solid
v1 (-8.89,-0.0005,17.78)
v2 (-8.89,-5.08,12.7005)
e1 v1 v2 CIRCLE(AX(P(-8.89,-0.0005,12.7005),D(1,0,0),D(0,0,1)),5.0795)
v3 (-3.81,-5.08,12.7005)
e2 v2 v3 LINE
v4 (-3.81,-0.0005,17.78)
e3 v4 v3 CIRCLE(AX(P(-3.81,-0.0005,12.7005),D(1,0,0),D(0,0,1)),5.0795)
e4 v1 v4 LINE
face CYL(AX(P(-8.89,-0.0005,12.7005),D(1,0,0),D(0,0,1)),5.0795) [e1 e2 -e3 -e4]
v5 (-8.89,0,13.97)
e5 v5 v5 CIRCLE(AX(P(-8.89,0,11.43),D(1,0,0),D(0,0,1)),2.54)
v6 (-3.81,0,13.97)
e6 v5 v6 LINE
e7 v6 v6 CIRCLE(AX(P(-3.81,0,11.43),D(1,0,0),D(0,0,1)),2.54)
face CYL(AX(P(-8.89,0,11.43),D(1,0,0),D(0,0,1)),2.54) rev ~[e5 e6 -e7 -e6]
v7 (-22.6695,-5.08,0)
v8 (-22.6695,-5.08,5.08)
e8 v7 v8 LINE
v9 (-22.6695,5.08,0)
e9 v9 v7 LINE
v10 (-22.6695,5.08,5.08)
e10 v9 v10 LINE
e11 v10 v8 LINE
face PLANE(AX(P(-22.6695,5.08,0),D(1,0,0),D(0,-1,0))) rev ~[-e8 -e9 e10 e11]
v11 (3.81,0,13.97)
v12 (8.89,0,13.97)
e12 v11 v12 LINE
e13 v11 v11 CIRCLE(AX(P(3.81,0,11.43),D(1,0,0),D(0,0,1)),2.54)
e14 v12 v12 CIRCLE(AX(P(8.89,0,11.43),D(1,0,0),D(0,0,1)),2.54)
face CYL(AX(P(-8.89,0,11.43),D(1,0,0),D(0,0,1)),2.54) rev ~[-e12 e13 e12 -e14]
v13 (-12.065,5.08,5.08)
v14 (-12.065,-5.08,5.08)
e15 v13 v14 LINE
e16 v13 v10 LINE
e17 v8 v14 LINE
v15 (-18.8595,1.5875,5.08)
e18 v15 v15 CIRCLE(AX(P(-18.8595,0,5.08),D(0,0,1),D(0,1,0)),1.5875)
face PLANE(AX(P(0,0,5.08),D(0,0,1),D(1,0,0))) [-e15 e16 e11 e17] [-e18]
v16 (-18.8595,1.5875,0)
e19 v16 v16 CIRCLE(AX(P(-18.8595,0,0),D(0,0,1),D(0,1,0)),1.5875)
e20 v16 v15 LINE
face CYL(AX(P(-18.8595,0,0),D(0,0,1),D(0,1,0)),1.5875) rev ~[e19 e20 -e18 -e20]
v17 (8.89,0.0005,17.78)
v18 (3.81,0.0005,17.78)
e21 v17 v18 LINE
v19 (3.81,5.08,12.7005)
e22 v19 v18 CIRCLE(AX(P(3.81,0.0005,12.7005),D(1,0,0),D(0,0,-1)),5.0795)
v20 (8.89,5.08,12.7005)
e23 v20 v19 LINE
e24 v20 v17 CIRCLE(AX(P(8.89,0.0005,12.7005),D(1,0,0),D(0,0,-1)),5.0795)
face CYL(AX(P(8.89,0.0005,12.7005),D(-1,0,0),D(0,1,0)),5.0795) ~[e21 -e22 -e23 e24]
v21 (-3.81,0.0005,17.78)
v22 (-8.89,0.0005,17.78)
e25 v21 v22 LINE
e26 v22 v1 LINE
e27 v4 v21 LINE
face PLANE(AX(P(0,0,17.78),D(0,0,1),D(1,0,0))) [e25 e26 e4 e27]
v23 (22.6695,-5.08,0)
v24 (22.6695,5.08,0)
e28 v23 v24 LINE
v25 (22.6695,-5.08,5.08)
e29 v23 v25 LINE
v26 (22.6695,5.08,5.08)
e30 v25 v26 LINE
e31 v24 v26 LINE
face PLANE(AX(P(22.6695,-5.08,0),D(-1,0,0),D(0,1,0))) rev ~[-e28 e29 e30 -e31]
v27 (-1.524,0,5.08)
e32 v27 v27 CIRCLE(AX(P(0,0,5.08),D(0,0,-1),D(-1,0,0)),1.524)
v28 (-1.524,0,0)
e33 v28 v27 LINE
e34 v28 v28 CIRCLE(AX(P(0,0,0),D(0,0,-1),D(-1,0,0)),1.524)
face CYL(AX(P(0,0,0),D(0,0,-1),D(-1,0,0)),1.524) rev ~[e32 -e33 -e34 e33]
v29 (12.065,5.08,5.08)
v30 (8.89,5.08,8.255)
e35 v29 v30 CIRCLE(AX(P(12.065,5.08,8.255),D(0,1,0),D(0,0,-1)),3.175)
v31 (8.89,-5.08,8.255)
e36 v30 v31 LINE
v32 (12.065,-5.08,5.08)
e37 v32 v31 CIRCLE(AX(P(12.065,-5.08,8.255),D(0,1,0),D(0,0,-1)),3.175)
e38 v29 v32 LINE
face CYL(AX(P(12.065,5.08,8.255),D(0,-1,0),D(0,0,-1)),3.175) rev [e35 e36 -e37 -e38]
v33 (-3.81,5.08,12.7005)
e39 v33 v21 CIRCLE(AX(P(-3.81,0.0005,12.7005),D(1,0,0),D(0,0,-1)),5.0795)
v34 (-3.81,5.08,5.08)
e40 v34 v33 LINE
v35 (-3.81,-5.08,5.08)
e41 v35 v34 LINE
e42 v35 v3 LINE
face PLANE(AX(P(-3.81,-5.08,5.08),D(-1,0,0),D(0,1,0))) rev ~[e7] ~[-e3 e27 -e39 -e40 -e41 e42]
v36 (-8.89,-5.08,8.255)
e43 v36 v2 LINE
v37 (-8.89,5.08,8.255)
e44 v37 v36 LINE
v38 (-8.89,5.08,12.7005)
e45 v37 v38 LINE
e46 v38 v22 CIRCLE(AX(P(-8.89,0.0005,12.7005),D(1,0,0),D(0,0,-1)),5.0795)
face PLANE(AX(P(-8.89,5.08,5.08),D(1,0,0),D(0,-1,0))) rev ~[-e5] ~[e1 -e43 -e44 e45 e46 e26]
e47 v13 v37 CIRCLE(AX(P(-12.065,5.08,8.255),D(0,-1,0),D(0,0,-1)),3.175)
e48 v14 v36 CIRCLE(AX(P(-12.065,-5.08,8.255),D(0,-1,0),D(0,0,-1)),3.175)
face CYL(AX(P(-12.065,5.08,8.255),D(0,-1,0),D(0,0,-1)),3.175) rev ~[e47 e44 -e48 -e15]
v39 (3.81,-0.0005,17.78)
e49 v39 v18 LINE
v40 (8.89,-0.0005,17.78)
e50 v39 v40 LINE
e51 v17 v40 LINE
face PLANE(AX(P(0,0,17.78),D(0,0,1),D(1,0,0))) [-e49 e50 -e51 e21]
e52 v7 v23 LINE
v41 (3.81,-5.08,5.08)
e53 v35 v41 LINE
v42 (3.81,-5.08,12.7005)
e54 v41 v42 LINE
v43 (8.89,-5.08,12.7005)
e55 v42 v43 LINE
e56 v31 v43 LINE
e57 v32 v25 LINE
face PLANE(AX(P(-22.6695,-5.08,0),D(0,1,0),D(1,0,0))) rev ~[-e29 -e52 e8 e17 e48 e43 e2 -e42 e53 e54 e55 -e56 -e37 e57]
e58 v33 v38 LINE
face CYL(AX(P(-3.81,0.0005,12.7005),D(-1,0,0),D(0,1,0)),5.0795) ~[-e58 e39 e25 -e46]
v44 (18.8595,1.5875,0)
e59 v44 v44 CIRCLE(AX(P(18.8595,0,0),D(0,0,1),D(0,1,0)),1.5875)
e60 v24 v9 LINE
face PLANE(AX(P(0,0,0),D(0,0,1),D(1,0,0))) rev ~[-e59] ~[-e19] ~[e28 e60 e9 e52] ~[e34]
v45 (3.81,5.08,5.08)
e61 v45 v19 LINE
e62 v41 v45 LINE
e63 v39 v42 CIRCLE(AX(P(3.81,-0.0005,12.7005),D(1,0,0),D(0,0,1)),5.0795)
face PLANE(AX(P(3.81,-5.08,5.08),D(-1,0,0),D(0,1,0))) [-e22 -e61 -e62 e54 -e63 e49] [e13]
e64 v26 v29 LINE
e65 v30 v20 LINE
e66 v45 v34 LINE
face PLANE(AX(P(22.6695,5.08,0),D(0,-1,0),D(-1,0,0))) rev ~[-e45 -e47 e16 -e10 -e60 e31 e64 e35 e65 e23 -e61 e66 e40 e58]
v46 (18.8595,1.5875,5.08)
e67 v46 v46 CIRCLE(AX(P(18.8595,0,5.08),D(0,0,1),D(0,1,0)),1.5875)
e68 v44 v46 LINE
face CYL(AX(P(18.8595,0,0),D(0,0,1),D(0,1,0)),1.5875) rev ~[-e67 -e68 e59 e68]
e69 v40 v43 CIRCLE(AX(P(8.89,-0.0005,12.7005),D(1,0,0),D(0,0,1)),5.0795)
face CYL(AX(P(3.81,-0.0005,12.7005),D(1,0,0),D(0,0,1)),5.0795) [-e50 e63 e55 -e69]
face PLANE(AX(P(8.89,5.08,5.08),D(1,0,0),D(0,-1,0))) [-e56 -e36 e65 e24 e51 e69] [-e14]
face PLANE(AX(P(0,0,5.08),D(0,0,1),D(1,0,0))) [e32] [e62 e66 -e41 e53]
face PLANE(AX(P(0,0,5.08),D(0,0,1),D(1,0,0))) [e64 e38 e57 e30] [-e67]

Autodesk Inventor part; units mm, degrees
ref_plane "YZ Plane" through (0, 0, 0) normal (1, 0, 0) x (0, 1, 0)
ref_plane "XZ Plane" through (0, 0, 0) normal (0, 1, 0) x (-1, 0, 0)
ref_plane "XY Plane" through (0, 0, 0) normal (0, 0, 1) x (1, 0, 0)
sketch "Sketch1" plane through (0, 0, 0) normal (0, 0, 1) x (1, 0, 0)
  line L0 (-22.6695, -5.08) -> (22.6695, -5.08)
  line L1 (22.6695, -5.08) -> (22.6695, 5.08)
  line L2 (22.6695, 5.08) -> (-22.6695, 5.08)
  line L3 (-22.6695, 5.08) -> (-22.6695, -5.08)
  line L4 (-22.6695, -5.08) -> (22.6695, 5.08) construction
  line L5 (22.6695, -5.08) -> (-22.6695, 5.08) construction
  point P0 (0, 0)
  dimension "d0" = 10.16
  dimension "d1" = 45.339
extrude "Extrusion1" add sketch "Sketch1" along normal blind 5.08
sketch "Sketch2" plane through (0, 0, 0) normal (0, 0, -1) x (-1, 0, 0)
  line L0 (22.6695, 5.08) -> (22.6695, -5.08) projected
  line L1 (-22.6695, -5.08) -> (-22.6695, 5.08) projected
  line L2 (-22.6695, 5.08) -> (22.6695, 5.08) projected
  point P0 (0, 0)
  point P1 (18.8595, 0)
  point P2 (-18.8595, 0)
  dimension "d4" = 3.81
  dimension "d5" = 3.81
  dimension "d6" = 5.08
  dimension "d7" = 5.08
hole "Hole1" at (-18.8595, 0, 0) at (18.8595, 0, 0) direction (0, 0, 1) diameter 3.175 end through all
sketch "Sketch3" plane through (0, 0, 0) normal (0, 0, -1) x (-1, 0, 0)
  circle A0 centre (0, 0) radius 1.524
  dimension "d15" = 3.048
extrude "Extrusion2" cut sketch "Sketch3" against normal through all
sketch "Sketch4" plane through (0, 0, 5.08) normal (0, 0, 1) x (1, 0, 0)
  line L0 (22.6695, 5.08) -> (-22.6695, 5.08) projected
  line L1 (-22.6695, -5.08) -> (22.6695, -5.08) projected
  line L2 (-3.81, 5.08) -> (-8.89, 5.08)
  line L3 (-8.89, 5.08) -> (-8.89, -5.08)
  line L4 (-8.89, -5.08) -> (-3.81, -5.08)
  line L5 (-3.81, -5.08) -> (-3.81, 5.08)
  line L6 (3.81, 5.08) -> (8.89, 5.08)
  line L7 (8.89, 5.08) -> (8.89, -5.08)
  line L8 (8.89, -5.08) -> (3.81, -5.08)
  line L9 (3.81, -5.08) -> (3.81, 5.08)
  point P0 (0, 0)
  dimension "d18" = 5.08
  dimension "d19" = 3.81
  dimension "d20" = 3.81
  dimension "d21" = 5.08
extrude "Extrusion3" add sketch "Sketch4" along normal blind 12.7 contours L7 L1 L9 L0 | L5 L1 L3 L0
sketch "Sketch5" plane through (-8.89, -5.08, 5.08) normal (-1, 0, 0) x (0, 0, 1)
  line L0 (12.7, 10.16) -> (12.7, 0) projected
  line L1 (0, 10.16) -> (12.7, 10.16) projected
  point P0 (-5.08, 5.08)
  point P1 (6.35, 5.08)
  dimension "d24" = 6.35
  dimension "d25" = 5.08
hole "Hole2" at (-8.89, 0, 11.43) direction (1, 0, 0) diameter 5.08 end through all
fillet "Fillet1" radius 3.175 2 edges at (-8.89, 0, 5.08) (8.89, 0, 5.08)
fillet "Fillet2" radius 5.08 4 edges at (6.35, -5.08, 17.78) (6.35, 5.08, 17.78) (-6.35, -5.08, 17.78) (-6.35, 5.08, 17.78)
properties part number "LowerSpringMountFront"
